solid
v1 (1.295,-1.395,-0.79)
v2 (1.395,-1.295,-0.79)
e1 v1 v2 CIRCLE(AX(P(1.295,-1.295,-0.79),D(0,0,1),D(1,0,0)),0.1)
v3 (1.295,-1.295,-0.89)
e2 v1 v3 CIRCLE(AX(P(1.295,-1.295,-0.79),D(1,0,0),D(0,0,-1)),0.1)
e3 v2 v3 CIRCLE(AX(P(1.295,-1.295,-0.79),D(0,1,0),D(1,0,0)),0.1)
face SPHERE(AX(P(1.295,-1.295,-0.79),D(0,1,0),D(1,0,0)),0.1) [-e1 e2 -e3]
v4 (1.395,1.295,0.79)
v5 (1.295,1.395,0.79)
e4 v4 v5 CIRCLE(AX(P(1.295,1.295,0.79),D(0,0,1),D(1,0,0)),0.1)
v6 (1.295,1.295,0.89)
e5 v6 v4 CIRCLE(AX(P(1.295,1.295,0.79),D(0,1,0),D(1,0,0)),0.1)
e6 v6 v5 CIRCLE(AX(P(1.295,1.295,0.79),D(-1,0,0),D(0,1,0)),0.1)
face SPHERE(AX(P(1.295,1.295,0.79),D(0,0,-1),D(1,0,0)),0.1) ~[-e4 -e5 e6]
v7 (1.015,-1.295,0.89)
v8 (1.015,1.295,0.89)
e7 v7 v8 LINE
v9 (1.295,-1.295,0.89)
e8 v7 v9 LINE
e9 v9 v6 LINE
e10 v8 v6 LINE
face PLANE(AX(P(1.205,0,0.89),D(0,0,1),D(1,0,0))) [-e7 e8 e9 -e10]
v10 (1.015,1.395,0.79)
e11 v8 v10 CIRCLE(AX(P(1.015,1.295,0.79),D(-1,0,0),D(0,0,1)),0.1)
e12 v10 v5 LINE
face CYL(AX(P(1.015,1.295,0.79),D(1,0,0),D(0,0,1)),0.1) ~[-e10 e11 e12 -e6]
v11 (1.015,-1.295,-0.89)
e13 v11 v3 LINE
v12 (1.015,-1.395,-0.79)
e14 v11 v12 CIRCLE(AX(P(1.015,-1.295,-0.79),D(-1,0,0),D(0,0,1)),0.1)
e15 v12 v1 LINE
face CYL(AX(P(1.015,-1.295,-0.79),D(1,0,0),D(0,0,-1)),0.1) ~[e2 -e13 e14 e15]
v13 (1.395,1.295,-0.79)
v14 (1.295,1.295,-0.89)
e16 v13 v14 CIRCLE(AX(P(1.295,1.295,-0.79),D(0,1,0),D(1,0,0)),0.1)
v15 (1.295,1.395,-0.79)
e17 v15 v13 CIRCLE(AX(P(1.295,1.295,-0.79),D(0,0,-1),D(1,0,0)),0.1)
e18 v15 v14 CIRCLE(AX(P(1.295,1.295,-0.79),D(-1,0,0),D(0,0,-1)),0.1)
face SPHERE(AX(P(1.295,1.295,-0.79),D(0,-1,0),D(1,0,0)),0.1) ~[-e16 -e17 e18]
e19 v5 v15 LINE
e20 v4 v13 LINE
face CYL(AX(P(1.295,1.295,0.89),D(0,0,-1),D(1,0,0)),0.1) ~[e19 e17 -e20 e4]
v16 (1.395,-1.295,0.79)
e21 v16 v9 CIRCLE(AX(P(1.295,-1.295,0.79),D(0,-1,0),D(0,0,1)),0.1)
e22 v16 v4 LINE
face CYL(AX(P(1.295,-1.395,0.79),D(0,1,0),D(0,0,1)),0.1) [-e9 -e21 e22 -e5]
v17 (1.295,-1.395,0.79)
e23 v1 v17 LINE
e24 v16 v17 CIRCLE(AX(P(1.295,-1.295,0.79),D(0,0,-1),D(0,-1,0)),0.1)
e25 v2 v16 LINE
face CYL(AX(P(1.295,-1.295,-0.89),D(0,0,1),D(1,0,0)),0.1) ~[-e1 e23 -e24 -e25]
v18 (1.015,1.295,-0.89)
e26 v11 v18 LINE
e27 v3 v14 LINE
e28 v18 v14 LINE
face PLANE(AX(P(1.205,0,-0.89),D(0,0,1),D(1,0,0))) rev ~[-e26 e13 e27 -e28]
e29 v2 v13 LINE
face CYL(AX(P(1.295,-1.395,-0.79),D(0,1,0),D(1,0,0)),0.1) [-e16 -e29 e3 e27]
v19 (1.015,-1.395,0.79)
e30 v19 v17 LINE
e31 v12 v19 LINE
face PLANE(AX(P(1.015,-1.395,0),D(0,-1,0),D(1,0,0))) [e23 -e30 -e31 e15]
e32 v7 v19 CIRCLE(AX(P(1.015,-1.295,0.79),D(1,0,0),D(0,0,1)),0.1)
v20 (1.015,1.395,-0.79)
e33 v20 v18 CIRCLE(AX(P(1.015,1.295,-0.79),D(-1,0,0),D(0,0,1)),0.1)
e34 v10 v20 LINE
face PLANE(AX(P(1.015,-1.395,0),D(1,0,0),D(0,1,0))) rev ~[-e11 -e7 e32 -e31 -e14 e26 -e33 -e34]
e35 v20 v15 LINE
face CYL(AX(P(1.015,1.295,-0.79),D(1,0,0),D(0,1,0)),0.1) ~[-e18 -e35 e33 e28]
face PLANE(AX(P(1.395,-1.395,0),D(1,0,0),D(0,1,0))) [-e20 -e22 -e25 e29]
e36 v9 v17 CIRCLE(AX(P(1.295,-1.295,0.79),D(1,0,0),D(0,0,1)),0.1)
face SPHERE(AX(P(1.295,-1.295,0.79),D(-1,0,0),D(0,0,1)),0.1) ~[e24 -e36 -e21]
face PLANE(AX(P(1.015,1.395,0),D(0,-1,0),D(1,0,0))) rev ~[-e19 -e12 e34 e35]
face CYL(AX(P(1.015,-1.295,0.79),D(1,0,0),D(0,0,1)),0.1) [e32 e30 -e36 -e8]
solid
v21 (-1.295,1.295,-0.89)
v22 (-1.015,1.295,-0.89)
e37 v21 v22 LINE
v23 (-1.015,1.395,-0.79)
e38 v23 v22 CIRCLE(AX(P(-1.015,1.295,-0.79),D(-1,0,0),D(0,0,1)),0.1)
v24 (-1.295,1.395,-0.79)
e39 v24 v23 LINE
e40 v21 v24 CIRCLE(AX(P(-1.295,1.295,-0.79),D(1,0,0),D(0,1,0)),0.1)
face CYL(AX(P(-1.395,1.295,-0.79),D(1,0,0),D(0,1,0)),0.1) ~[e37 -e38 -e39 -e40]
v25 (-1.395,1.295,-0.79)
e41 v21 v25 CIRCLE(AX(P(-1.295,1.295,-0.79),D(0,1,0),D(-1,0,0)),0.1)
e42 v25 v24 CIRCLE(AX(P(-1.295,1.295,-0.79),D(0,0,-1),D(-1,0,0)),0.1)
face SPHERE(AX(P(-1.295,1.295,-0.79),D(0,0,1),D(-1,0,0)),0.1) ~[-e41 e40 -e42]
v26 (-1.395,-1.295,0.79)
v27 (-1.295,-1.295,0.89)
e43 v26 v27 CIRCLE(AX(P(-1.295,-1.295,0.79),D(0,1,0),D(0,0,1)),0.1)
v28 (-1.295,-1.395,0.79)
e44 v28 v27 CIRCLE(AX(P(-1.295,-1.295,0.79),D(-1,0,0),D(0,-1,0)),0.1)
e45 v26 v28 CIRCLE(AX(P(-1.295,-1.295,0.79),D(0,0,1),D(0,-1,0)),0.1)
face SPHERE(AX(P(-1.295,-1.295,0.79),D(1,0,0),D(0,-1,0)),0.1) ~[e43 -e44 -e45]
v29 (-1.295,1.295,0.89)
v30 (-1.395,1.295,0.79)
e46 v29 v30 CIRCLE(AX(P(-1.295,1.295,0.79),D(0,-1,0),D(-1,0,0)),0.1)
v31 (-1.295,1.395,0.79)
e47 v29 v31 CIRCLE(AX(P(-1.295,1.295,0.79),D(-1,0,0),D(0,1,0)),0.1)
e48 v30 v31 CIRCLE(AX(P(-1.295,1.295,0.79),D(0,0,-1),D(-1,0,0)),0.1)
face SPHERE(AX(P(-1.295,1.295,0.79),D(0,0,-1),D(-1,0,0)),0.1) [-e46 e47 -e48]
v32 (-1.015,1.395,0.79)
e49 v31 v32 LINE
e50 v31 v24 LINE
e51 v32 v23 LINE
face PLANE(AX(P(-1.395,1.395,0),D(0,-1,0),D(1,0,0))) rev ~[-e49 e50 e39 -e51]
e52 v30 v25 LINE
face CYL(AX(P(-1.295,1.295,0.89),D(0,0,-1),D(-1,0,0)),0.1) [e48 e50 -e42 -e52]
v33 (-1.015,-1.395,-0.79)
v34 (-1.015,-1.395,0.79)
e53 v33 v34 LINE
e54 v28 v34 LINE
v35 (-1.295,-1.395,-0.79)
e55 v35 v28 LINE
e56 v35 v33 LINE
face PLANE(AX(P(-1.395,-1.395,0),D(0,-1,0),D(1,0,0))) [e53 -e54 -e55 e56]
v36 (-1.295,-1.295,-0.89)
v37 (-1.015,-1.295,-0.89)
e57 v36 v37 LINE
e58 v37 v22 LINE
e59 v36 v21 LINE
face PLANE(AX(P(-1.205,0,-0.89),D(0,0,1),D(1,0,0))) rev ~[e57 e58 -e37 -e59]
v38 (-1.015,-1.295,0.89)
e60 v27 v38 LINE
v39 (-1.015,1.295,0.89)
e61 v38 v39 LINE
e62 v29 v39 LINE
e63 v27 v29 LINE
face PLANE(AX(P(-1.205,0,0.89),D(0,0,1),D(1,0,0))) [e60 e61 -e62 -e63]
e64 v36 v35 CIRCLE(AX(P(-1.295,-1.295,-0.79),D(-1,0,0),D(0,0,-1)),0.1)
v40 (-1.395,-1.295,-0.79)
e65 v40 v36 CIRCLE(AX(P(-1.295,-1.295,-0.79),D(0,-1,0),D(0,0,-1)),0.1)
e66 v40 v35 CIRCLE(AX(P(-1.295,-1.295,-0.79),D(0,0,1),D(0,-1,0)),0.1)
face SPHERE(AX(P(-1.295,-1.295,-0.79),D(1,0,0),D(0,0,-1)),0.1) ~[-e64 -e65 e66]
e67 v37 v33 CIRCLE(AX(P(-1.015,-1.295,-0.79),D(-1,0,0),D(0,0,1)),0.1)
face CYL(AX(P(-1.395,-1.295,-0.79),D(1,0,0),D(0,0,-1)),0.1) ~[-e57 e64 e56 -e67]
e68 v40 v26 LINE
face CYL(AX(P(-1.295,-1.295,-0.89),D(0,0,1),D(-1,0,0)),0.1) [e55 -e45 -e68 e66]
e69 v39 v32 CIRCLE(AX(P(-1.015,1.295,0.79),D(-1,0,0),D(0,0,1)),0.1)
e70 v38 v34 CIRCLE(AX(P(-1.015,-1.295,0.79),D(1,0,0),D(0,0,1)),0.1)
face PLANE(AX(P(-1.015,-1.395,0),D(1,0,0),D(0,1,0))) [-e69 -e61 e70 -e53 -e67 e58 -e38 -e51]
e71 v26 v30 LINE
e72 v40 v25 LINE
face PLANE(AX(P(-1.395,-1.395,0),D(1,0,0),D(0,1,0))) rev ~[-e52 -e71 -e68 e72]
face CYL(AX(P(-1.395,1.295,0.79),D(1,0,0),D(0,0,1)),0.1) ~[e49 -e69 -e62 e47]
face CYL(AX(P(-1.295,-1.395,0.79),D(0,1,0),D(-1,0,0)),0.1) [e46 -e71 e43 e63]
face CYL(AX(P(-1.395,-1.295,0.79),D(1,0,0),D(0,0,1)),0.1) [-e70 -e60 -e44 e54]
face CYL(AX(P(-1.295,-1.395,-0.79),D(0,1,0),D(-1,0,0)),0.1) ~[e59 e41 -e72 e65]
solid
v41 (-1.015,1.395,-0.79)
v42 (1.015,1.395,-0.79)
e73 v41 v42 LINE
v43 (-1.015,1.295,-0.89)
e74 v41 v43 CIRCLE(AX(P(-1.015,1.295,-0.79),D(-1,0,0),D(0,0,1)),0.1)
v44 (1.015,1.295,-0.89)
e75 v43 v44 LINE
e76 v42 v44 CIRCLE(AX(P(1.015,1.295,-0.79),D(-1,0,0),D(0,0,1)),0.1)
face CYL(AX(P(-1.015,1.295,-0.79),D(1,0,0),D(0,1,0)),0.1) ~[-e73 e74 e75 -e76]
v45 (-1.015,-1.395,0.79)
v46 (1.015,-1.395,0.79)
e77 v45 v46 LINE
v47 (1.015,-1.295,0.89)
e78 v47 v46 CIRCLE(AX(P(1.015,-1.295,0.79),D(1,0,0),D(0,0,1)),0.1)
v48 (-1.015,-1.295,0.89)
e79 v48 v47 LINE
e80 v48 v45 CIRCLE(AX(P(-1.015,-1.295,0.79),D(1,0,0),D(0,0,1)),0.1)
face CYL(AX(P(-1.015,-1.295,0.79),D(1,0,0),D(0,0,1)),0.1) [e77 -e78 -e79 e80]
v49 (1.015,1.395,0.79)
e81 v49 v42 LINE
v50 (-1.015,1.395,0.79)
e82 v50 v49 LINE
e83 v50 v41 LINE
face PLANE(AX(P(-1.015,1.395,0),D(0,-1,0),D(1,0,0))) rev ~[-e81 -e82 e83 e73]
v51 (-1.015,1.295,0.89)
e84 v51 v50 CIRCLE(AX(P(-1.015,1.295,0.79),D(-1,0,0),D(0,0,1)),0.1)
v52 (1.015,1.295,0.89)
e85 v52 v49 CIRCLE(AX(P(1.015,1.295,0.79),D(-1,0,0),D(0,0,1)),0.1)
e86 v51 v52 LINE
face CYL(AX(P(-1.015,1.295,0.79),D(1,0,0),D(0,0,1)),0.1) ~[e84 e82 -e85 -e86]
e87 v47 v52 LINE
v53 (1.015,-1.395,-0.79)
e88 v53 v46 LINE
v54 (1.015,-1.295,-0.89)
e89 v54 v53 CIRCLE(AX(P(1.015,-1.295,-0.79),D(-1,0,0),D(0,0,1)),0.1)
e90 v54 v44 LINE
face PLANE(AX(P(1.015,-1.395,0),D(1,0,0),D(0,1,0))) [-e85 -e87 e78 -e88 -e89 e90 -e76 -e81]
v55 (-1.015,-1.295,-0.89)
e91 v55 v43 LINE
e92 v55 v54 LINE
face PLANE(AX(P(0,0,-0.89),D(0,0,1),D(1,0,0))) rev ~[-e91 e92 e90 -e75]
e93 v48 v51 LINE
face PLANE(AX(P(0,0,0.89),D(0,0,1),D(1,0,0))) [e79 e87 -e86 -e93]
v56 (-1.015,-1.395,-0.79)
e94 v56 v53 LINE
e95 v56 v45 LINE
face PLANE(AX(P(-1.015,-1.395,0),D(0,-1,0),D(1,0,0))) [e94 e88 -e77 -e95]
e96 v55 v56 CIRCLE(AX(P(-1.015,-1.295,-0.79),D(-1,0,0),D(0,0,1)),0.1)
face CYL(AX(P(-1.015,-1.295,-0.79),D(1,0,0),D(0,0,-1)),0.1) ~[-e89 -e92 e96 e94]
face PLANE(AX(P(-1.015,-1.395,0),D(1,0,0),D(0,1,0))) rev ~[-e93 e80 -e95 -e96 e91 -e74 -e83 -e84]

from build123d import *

# Parameters (mm, degrees)
F2_W     = 2.03
F2_H     = 2.79
F3_DEPTH = 0.89
F2_W_2   = 0.38
F4_DEPTH = 0.89
F5_DEPTH = 0.89
F6_R     = 0.1
F6_2_R   = 0.1
F6_3_R   = 0.1


with BuildPart() as f3:
    # F2 (on Top) → F3 (new body, symmetric)
    with BuildSketch(Plane.XY):
        Rectangle(F2_W, F2_H)
    extrude(amount=F3_DEPTH, both=True)

    # F6#2
    f6_2_edges = [f3.edges().sort_by_distance(p)[0] for p in [
        (0, -1.395, 0.89),
        (0, -1.395, -0.89),
        (0, 1.395, 0.89),
        (0, 1.395, -0.89),
    ]]
    fillet(f6_2_edges, radius=F6_2_R)


with BuildPart() as f4:
    # F2 (on Top) → F4 (new body, symmetric)
    with BuildSketch(Plane.XY):
        with Locations((-1.205, 0)):
            Rectangle(F2_W_2, F2_H)
    extrude(amount=F4_DEPTH, both=True)

    # F6
    f6_edges = [f4.edges().sort_by_distance(p)[0] for p in [
        (-1.205, -1.395, 0.89),
        (-1.205, -1.395, -0.89),
        (-1.395, 1.395, 0),
        (-1.395, 0, -0.89),
        (-1.395, -1.395, 0),
        (-1.395, 0, 0.89),
        (-1.205, 1.395, -0.89),
        (-1.205, 1.395, 0.89),
    ]]
    fillet(f6_edges, radius=F6_R)


with BuildPart() as f5:
    # F2 (on Top) → F5 (new body, symmetric)
    with BuildSketch(Plane.XY):
        with Locations((1.205, 0)):
            Rectangle(F2_W_2, F2_H)
    extrude(amount=F5_DEPTH, both=True)

    # F6#3
    f6_3_edges = [f5.edges().sort_by_distance(p)[0] for p in [
        (1.205, -1.395, 0.89),
        (1.395, 0, -0.89),
        (1.395, 1.395, 0),
        (1.395, 0, 0.89),
        (1.395, -1.395, 0),
        (1.205, -1.395, -0.89),
        (1.205, 1.395, 0.89),
        (1.205, 1.395, -0.89),
    ]]
    fillet(f6_3_edges, radius=F6_3_R)


solid = Compound([f3.part, f4.part, f5.part])
